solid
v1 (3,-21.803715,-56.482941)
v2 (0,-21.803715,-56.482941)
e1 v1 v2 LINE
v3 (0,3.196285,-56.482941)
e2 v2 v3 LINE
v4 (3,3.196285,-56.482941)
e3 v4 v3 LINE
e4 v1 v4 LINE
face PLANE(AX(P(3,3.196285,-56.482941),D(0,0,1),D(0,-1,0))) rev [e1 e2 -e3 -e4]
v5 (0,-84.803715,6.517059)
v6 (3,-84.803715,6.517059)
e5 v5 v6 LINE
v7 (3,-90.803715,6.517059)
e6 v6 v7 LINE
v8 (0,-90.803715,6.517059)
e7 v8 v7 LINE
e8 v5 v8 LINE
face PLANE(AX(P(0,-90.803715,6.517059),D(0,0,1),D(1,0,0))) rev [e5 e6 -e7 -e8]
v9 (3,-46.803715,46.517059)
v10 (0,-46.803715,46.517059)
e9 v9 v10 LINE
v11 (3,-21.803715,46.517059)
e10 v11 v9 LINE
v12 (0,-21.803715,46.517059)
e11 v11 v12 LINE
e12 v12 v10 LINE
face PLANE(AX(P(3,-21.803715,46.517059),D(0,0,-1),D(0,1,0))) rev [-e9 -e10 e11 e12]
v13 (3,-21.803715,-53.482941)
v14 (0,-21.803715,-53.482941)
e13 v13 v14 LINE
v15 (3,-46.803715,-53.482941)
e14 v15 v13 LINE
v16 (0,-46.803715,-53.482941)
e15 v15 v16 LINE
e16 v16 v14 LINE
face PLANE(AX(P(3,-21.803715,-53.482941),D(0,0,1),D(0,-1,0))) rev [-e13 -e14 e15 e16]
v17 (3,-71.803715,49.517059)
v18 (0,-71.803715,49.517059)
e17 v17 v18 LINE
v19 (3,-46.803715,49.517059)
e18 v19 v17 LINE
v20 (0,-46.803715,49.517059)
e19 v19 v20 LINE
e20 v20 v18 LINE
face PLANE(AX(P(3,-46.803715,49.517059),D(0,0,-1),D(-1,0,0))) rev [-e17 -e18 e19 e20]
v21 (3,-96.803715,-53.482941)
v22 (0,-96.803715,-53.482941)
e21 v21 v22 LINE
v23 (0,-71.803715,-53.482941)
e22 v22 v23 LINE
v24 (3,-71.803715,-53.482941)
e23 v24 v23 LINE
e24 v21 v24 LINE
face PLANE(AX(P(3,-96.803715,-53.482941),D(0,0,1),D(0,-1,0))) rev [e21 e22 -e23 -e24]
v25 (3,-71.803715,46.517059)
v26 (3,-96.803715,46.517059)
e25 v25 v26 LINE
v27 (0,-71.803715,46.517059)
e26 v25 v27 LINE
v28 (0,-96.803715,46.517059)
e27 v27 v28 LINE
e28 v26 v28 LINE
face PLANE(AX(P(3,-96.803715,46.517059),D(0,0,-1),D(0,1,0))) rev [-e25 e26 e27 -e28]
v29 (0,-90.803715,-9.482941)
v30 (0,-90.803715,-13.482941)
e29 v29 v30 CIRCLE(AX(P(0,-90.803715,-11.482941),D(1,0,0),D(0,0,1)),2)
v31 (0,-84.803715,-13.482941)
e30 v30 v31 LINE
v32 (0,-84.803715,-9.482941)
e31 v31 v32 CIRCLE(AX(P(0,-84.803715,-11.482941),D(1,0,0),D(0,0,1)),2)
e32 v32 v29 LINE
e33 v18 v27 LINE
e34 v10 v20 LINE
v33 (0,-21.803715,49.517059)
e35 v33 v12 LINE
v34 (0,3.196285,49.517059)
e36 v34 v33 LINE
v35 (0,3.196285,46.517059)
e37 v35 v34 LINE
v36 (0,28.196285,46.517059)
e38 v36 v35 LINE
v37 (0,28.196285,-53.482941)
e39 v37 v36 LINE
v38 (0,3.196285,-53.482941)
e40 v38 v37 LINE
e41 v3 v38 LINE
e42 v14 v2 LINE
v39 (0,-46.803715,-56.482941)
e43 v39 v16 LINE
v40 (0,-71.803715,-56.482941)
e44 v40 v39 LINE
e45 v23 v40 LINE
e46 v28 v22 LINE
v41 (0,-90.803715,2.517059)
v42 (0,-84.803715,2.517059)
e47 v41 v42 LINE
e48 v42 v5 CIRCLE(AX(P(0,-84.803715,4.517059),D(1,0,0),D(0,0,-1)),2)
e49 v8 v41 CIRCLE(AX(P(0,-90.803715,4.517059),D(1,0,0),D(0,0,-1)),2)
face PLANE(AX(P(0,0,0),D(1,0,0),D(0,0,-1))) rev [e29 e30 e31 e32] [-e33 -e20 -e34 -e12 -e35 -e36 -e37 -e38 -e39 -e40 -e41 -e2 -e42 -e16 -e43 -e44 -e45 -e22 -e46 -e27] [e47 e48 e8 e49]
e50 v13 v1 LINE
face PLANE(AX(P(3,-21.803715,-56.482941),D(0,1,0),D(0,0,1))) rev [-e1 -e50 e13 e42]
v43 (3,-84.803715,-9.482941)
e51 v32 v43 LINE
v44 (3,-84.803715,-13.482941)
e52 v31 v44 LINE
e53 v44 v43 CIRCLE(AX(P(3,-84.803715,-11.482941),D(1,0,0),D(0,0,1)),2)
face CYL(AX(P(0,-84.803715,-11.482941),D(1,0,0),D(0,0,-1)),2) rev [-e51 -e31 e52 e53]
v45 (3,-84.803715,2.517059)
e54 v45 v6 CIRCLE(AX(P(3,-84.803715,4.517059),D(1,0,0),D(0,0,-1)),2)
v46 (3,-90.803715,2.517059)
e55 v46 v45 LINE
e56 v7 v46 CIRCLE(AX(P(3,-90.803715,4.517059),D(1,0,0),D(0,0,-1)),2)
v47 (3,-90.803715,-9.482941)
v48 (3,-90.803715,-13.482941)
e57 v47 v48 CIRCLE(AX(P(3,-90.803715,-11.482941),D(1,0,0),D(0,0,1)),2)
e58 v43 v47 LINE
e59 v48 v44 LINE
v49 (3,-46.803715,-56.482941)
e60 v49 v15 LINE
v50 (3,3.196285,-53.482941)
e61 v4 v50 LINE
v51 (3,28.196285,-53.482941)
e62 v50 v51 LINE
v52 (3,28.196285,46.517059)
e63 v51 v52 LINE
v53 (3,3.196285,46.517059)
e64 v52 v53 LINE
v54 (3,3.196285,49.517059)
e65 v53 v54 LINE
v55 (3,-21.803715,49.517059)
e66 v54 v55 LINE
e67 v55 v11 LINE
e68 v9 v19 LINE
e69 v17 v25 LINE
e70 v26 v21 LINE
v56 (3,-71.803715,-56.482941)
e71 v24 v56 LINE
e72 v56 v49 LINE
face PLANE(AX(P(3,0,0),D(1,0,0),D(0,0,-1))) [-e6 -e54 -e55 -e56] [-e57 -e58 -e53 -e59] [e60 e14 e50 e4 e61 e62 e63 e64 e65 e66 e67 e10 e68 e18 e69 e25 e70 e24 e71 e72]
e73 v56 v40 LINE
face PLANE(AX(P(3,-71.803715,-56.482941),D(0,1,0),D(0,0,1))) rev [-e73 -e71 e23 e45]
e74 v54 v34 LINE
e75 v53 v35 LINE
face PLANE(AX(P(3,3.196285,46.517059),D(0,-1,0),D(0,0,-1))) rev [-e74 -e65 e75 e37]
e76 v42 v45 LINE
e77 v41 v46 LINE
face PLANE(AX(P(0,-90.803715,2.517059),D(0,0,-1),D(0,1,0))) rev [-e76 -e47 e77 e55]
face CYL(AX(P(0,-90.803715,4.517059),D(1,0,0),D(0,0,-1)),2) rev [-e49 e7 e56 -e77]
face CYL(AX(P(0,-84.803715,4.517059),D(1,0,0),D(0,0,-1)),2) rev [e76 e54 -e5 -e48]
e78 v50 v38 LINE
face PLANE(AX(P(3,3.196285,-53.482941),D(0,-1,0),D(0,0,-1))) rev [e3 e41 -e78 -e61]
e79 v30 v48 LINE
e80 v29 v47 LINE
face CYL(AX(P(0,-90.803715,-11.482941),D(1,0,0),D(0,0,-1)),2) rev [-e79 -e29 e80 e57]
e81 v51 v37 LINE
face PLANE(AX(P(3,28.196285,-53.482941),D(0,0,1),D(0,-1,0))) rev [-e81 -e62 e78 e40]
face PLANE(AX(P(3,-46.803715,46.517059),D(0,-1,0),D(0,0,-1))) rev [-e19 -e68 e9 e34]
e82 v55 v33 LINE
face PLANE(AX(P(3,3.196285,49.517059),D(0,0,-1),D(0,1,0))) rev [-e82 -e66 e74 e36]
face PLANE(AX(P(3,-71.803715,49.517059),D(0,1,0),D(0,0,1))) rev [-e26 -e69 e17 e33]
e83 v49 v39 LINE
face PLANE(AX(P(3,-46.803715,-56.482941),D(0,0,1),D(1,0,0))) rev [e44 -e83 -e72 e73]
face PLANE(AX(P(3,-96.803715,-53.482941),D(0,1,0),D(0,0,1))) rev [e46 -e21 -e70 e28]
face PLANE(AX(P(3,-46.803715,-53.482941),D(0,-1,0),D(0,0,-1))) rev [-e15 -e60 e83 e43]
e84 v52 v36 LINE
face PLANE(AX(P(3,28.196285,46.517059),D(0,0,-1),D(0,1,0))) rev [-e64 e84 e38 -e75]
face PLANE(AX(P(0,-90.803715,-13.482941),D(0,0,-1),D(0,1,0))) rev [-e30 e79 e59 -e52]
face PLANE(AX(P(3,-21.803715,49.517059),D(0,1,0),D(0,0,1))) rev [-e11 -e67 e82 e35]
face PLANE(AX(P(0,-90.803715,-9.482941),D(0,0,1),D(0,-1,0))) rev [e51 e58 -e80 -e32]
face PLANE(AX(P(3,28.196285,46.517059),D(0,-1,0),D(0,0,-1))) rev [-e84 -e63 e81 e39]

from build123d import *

# Parameters (mm, degrees)
SALIENTE_EXTRUIR1_DEPTH = 3
CORTAR_EXTRUIR1_DEPTH   = 3


with BuildPart() as part:
    # Croquis1 → Saliente-Extruir1 (new body)
    with BuildSketch(Plane(origin=(0, 0, 0), x_dir=(0, 0, -1), z_dir=(1, 0, 0))):
        Polygon((-46.517058898, 28.196284567), (53.482941102, 28.196284567), (53.482941102, 3.196284567), (56.482941102, 3.196284567), (56.482941102, -21.803715433), (53.482941102, -21.803715433), (53.482941102, -46.803715433), (56.482941102, -46.803715433), (56.482941102, -71.803715433), (53.482941102, -71.803715433), (53.482941102, -96.803715433), (-46.517058898, -96.803715433), (-46.517058898, -71.803715433), (-49.517058898, -71.803715433), (-49.517058898, -46.803715433), (-46.517058898, -46.803715433), (-46.517058898, -21.803715433), (-49.517058898, -21.803715433), (-49.517058898, 3.196284567), (-46.517058898, 3.196284567), align=None)
    extrude(amount=SALIENTE_EXTRUIR1_DEPTH)

    # Croquis2 → Cortar-Extruir1 (cut)
    with BuildSketch(Plane(origin=(3, 0, 0), x_dir=(0, 0, -1), z_dir=(1, 0, 0))):
        with BuildLine():
            Line((-6.517058898, -90.803715433), (-6.517058898, -84.803715433))
            ThreePointArc((-6.517058898, -84.803715433), (-4.517058898, -82.803715433), (-2.517058898, -84.803715433))
            Line((-2.517058898, -84.803715433), (-2.517058898, -90.803715433))
            ThreePointArc((-2.517058898, -90.803715433), (-4.517058898, -92.803715433), (-6.517058898, -90.803715433))
        make_face()
        with BuildLine():
            Line((13.482941102, -90.803715433), (13.482941102, -84.803715433))
            ThreePointArc((13.482941102, -84.803715433), (11.482941102, -82.803715433), (9.482941102, -84.803715433))
            Line((9.482941102, -84.803715433), (9.482941102, -90.803715433))
            ThreePointArc((9.482941102, -90.803715433), (11.482941102, -92.803715433), (13.482941102, -90.803715433))
        make_face()
    extrude(amount=-CORTAR_EXTRUIR1_DEPTH, mode=Mode.SUBTRACT)


solid = part.part
